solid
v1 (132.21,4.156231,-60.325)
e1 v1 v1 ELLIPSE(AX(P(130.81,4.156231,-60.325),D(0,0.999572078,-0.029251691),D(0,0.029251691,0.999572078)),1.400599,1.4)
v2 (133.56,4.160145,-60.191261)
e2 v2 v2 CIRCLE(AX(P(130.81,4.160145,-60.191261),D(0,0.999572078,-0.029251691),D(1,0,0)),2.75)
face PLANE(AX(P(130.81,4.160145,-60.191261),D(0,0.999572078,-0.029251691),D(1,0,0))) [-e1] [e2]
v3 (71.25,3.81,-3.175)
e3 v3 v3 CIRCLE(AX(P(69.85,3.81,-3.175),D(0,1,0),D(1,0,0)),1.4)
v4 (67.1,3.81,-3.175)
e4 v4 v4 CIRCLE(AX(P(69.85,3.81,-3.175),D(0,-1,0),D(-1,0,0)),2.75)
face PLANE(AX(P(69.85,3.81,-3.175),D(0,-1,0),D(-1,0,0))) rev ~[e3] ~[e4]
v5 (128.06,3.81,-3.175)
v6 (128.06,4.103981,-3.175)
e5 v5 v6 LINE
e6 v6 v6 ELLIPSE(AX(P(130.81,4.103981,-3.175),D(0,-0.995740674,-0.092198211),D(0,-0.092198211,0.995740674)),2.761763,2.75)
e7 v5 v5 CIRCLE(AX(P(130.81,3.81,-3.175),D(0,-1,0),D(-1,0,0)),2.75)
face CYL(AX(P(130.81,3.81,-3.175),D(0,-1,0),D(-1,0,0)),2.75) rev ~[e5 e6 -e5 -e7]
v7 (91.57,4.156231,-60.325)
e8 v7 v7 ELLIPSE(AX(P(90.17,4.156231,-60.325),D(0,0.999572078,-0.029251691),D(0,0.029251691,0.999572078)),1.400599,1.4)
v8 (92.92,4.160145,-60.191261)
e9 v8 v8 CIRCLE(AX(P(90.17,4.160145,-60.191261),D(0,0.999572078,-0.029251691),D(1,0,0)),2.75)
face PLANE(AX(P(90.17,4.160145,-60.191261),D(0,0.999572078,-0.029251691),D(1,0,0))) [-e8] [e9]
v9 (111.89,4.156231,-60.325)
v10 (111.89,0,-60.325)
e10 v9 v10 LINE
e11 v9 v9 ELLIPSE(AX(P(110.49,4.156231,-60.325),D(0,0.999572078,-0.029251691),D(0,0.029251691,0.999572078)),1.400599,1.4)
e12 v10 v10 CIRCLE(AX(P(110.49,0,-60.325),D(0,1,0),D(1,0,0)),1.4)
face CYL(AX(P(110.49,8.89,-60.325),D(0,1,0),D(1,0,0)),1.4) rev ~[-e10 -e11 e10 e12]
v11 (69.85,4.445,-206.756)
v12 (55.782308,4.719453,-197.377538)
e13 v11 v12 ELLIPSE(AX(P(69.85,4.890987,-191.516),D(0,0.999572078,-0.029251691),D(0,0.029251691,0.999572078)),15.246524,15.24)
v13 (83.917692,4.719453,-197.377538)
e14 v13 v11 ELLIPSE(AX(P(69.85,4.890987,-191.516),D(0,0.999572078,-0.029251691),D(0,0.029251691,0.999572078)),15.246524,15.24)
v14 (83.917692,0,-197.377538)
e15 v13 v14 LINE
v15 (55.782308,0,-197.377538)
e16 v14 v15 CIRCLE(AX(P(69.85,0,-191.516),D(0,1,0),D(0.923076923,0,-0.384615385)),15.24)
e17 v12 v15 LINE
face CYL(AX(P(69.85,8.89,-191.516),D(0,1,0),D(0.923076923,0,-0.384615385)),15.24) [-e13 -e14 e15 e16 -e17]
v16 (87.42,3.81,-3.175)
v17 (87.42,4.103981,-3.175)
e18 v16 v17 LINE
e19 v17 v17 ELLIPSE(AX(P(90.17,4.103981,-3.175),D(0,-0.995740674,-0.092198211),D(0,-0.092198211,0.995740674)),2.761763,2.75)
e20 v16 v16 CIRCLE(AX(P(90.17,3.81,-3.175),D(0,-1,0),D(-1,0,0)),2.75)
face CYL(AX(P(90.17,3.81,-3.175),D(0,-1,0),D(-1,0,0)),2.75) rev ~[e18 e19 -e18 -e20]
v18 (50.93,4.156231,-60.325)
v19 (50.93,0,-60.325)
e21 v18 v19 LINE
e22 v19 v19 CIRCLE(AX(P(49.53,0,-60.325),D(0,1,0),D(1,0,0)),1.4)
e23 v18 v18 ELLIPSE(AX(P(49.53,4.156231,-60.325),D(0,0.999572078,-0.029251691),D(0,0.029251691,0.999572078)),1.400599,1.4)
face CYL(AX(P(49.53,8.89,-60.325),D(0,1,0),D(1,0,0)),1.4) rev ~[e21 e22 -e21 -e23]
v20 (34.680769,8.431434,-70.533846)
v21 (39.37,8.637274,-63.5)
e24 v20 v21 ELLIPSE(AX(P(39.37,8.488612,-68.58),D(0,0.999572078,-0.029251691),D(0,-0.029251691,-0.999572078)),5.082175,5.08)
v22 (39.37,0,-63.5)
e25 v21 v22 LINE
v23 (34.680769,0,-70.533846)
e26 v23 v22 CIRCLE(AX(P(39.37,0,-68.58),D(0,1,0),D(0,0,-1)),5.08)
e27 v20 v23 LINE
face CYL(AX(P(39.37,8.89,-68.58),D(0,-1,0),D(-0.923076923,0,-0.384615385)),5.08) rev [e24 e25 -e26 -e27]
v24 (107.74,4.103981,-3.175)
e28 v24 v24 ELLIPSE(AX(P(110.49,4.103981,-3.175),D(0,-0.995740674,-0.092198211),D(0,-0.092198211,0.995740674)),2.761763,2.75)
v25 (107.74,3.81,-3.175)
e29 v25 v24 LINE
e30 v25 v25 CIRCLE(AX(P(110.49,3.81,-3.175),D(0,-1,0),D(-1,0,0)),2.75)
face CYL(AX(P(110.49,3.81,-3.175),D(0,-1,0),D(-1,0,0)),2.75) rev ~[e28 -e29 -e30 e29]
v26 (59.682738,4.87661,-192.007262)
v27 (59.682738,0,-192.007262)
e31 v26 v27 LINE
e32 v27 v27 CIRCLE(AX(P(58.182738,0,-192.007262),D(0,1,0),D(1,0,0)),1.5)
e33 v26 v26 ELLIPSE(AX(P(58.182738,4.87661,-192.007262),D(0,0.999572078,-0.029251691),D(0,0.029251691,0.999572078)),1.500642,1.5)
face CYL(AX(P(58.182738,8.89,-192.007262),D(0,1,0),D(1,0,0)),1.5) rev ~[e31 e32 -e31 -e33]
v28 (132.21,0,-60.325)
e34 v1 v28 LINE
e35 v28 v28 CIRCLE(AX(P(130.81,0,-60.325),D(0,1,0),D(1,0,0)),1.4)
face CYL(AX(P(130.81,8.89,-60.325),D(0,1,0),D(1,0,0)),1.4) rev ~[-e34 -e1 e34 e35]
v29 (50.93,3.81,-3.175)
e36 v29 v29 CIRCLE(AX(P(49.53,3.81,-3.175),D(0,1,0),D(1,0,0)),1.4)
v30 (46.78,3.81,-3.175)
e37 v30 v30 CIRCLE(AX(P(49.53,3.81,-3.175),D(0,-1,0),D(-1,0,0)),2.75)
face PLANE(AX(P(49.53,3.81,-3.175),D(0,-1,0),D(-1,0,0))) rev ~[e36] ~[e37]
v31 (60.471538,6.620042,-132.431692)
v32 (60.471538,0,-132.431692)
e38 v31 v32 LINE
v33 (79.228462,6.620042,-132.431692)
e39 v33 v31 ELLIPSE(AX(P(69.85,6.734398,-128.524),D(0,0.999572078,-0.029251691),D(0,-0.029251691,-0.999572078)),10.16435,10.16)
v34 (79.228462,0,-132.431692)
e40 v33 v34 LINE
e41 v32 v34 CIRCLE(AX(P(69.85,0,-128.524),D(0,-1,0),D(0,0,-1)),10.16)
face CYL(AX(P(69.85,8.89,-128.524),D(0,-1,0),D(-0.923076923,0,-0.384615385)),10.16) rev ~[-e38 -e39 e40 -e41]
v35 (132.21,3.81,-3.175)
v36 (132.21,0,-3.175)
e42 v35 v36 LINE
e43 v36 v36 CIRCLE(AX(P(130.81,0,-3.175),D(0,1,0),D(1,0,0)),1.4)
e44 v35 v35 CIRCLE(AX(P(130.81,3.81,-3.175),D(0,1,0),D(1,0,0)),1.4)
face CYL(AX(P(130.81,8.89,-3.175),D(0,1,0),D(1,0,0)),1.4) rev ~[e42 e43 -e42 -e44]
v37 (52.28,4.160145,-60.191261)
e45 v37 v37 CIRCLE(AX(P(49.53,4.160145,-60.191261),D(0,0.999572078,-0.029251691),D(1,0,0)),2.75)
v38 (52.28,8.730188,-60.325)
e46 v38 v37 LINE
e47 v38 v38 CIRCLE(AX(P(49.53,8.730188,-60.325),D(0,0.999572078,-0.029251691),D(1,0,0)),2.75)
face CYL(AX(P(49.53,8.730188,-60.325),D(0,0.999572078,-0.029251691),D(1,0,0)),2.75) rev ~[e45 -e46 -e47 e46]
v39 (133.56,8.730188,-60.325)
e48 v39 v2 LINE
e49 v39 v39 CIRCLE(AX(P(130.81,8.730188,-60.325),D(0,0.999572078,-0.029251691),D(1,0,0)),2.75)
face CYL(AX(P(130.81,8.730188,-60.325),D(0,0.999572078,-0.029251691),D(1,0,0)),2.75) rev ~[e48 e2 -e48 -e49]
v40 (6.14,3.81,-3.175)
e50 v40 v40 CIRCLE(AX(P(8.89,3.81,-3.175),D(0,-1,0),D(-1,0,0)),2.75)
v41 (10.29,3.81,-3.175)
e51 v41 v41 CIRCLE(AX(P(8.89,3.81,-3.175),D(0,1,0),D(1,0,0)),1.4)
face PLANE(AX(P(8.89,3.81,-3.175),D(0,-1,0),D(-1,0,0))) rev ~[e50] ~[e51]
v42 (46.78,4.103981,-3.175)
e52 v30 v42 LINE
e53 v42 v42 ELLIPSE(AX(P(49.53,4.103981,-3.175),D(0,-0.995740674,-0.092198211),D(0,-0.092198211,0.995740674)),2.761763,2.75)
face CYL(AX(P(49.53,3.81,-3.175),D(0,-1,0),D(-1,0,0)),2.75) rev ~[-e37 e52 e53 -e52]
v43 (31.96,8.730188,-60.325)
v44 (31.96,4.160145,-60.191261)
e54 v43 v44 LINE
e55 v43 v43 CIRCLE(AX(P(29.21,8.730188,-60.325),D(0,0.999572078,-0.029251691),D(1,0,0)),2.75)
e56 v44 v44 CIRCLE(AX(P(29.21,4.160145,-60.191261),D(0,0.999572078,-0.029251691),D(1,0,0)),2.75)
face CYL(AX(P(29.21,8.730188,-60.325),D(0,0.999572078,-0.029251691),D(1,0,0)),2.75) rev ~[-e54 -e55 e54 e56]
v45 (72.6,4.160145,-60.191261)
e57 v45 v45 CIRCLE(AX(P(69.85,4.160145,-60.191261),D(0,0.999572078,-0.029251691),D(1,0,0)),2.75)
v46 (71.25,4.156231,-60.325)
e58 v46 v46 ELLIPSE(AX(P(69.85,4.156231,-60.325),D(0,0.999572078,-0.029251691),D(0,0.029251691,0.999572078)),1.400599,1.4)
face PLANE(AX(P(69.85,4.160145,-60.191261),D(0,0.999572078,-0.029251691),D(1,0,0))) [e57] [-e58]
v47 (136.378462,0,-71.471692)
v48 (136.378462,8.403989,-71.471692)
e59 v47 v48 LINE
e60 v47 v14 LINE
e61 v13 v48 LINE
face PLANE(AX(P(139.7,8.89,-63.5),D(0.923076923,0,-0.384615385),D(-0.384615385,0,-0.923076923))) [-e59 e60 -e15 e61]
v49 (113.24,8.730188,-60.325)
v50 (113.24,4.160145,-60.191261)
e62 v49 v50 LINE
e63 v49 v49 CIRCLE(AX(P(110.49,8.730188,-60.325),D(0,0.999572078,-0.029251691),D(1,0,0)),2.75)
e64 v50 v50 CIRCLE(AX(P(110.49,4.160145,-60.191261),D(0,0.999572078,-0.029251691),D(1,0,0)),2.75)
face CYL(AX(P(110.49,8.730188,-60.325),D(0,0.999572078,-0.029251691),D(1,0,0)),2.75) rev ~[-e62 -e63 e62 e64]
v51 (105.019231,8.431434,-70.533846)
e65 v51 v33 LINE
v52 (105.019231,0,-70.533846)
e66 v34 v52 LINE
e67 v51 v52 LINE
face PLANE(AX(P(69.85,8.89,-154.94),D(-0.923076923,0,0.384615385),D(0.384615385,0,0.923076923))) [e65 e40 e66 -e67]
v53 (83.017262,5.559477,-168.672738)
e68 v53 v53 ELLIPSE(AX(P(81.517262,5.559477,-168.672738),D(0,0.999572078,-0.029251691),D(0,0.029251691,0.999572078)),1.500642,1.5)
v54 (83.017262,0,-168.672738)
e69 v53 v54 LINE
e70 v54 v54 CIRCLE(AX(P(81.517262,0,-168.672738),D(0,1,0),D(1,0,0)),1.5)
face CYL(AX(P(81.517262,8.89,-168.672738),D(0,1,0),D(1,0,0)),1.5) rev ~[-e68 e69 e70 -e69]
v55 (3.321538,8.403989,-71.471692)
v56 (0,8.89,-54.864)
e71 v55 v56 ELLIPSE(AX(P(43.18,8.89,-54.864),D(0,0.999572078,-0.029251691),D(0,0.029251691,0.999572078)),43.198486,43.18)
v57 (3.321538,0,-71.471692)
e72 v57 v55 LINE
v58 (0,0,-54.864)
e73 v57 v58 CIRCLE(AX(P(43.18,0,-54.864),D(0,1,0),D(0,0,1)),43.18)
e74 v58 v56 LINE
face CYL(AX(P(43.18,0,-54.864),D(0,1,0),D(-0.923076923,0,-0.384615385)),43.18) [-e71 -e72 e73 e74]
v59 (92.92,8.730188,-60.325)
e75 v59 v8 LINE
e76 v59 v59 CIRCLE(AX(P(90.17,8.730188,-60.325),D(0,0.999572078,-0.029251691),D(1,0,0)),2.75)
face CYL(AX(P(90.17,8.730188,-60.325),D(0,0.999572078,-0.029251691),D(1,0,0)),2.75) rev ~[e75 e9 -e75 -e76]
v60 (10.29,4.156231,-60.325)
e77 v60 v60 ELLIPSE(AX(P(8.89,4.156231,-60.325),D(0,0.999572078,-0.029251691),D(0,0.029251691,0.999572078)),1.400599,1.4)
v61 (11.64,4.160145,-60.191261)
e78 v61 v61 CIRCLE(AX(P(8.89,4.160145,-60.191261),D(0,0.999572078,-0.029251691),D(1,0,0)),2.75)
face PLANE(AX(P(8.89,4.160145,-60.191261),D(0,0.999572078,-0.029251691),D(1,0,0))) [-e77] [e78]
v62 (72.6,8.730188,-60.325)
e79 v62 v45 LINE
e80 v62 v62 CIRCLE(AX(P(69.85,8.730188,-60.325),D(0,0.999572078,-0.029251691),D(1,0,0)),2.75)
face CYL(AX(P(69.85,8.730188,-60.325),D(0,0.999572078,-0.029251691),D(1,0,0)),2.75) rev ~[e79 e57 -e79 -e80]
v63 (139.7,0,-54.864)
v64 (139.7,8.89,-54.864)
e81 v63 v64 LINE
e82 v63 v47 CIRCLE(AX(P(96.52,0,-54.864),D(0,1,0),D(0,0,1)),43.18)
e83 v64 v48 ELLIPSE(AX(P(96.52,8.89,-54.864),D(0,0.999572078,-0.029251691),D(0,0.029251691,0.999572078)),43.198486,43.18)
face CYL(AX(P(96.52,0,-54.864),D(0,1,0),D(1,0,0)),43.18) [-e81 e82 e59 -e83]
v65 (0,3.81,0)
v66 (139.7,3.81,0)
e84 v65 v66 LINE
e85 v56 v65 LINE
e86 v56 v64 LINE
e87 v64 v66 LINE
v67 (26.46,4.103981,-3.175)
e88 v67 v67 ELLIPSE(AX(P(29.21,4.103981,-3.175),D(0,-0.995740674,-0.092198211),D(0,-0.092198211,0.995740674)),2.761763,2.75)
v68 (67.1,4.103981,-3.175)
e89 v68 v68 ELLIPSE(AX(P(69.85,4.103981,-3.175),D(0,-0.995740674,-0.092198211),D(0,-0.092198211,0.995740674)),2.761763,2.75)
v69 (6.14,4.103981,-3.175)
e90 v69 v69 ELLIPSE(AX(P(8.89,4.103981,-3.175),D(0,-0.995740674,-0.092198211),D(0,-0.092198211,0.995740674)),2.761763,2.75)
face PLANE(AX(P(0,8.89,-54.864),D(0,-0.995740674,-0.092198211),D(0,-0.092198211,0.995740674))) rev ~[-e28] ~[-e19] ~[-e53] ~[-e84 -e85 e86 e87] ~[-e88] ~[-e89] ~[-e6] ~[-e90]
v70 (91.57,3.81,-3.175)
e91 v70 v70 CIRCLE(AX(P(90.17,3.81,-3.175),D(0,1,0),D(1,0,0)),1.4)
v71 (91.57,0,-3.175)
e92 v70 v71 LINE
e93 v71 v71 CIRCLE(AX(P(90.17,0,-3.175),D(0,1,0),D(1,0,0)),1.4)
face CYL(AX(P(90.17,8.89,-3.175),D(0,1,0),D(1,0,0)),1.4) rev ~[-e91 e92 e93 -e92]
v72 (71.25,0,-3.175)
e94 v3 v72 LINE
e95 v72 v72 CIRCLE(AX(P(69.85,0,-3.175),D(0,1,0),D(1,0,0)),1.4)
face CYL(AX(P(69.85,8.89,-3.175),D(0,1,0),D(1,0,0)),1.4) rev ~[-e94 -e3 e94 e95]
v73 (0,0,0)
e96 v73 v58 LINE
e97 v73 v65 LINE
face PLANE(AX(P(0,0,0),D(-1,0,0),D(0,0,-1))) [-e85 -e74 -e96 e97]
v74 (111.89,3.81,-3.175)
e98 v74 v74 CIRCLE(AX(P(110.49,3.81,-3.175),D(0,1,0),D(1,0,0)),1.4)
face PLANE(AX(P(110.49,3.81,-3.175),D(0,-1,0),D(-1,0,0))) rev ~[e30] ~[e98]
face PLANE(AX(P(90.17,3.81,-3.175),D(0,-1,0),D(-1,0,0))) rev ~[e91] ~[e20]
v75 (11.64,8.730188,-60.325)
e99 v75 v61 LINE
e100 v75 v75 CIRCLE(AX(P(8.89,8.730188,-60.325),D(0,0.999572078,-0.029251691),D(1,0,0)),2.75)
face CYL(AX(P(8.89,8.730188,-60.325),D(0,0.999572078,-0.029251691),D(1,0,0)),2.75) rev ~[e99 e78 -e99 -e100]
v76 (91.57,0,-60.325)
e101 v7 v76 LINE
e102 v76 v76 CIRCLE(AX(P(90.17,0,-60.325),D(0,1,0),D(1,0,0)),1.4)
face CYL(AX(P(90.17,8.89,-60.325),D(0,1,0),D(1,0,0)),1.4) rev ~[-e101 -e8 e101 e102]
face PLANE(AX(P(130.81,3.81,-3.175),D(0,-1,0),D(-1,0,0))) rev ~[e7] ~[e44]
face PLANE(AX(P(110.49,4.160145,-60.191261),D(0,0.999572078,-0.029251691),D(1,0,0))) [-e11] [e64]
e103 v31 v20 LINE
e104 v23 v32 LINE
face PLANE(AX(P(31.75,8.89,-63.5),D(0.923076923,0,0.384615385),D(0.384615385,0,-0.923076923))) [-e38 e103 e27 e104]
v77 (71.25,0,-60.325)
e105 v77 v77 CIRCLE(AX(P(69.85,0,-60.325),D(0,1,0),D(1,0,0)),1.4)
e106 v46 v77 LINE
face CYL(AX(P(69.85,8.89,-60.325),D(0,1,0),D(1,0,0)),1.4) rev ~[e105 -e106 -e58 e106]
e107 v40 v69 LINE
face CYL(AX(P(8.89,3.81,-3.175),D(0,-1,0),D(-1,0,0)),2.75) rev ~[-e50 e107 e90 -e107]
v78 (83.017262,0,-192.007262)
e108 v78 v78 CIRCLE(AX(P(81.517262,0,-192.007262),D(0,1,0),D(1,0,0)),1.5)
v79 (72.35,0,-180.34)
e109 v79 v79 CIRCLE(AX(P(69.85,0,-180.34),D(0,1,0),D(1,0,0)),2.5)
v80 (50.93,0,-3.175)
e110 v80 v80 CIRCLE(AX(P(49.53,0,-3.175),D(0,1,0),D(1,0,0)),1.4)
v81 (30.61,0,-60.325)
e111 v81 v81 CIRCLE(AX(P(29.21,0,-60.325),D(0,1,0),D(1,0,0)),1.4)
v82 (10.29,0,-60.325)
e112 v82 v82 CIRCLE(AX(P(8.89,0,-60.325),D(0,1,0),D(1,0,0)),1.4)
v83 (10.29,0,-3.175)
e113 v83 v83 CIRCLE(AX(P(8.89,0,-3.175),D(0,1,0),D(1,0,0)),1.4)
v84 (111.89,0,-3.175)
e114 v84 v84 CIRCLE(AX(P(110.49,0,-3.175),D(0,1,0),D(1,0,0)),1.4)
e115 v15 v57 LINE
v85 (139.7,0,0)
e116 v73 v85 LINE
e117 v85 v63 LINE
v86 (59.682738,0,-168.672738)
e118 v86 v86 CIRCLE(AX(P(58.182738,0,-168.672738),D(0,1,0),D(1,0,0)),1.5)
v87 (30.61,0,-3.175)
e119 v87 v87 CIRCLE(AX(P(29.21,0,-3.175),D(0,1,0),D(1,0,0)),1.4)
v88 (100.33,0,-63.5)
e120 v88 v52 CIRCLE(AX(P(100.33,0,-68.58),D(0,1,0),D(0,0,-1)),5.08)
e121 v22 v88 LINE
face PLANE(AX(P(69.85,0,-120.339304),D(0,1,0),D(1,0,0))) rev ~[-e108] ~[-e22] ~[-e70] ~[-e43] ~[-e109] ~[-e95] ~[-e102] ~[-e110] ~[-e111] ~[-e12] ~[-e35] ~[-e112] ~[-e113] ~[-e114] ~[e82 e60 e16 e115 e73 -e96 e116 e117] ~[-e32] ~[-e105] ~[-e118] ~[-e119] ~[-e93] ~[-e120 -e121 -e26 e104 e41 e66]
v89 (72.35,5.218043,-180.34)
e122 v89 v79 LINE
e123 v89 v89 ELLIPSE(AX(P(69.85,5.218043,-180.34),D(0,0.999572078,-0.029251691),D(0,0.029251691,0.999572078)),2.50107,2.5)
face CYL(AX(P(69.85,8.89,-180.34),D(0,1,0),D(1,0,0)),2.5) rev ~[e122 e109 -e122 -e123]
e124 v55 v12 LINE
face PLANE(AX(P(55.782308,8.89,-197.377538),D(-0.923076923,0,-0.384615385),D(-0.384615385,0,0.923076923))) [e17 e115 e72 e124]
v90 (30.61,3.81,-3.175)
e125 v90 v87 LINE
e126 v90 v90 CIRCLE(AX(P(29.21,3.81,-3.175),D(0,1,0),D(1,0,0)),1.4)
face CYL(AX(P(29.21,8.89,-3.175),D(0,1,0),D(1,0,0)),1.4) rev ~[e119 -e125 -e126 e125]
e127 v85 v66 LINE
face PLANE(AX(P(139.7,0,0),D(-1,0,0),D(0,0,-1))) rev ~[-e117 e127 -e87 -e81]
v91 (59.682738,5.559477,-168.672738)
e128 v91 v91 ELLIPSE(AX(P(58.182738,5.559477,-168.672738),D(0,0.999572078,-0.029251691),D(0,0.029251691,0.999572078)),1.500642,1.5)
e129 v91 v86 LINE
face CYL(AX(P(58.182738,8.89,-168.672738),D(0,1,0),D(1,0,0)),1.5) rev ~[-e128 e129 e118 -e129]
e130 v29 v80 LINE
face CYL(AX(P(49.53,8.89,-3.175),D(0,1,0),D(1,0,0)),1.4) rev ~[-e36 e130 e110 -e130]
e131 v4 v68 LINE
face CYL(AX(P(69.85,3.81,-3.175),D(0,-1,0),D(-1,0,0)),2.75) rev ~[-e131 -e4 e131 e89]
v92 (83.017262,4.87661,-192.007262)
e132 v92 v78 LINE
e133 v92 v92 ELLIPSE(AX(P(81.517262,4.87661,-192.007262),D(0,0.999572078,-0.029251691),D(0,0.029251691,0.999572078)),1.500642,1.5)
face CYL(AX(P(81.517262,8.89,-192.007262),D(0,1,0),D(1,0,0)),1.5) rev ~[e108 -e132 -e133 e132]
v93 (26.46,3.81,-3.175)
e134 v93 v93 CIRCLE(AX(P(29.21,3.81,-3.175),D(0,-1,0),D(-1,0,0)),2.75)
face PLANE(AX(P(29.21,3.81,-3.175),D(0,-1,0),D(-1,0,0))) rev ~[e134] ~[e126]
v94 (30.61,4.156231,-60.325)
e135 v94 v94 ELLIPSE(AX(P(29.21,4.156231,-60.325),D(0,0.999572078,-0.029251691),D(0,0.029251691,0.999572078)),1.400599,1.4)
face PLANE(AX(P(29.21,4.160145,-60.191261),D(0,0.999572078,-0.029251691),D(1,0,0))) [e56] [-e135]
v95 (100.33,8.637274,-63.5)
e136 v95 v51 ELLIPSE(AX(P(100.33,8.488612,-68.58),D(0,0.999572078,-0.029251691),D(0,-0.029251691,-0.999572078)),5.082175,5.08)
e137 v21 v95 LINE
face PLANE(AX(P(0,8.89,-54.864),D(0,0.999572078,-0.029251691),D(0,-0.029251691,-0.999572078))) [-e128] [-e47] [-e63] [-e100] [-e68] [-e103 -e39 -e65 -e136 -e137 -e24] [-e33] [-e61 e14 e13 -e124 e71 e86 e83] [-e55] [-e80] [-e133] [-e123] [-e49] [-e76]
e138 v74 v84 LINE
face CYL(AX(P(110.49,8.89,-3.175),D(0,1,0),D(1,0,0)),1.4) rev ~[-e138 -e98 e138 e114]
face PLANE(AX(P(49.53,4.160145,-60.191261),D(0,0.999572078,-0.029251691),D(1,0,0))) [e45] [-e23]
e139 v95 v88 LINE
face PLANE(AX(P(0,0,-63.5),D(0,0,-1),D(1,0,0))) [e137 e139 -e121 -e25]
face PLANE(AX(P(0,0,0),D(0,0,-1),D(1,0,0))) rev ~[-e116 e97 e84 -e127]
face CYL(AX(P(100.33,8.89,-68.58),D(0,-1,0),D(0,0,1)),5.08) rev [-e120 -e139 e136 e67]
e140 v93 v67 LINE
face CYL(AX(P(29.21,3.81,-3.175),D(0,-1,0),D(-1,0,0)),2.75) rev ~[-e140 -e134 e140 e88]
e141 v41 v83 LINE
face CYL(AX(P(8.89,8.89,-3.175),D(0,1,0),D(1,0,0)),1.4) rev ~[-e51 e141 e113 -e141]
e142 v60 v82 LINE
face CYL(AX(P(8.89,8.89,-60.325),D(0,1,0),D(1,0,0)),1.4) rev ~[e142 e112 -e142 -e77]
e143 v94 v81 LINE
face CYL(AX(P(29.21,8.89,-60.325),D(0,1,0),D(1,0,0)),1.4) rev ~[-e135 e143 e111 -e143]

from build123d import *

# Parameters (mm, degrees)
SKETCH1_W           = 139.7
SKETCH1_H           = 63.5
BOSS_EXTRUDE1_DEPTH = 8.89
SKETCH2_R           = 1.4
CUT_EXTRUDE1_DEPTH  = 16.51
BOSS_EXTRUDE2_DEPTH = 8.89
FILLET1_R           = 10.16
FILLET2_R           = 5.08
FILLET3_R           = 43.18
SKETCH4_R           = 1.5
SKETCH4_R_2         = 2.5
CUT_EXTRUDE3_DEPTH  = 11.43
CUT_EXTRUDE6_DEPTH  = 198.882
SKETCH22_R          = 2.75
CUT_EXTRUDE8_DEPTH  = 4.572
SKETCH23_R          = 2.75
CUT_EXTRUDE9_DEPTH  = 4.572


with BuildPart() as part:
    # Sketch1 → Boss-Extrude1 (new body)
    with BuildSketch(Plane(origin=(0, 0, 0), x_dir=(1, 0, 0), z_dir=(0, 1, 0))):
        with Locations((69.85, 31.75)):
            Rectangle(SKETCH1_W, SKETCH1_H)
    extrude(amount=BOSS_EXTRUDE1_DEPTH)

    # Sketch2 → Cut-Extrude1 (cut)
    with BuildSketch(Plane(origin=(0, 8.89, 0), x_dir=(1, 0, 0), z_dir=(0, 1, 0))):
        with Locations((69.85, 60.325)):
            Circle(SKETCH2_R)
        with Locations((69.85, 3.175)):
            Circle(SKETCH2_R)
        with Locations((90.17, 3.175)):
            Circle(SKETCH2_R)
        with Locations((110.49, 3.175)):
            Circle(SKETCH2_R)
        with Locations((130.81, 3.175)):
            Circle(SKETCH2_R)
        with Locations((49.53, 3.175)):
            Circle(SKETCH2_R)
        with Locations((29.21, 3.175)):
            Circle(SKETCH2_R)
        with Locations((8.89, 3.175)):
            Circle(SKETCH2_R)
        with Locations((90.17, 60.325)):
            Circle(SKETCH2_R)
        with Locations((110.49, 60.325)):
            Circle(SKETCH2_R)
        with Locations((130.81, 60.325)):
            Circle(SKETCH2_R)
        with Locations((49.53, 60.325)):
            Circle(SKETCH2_R)
        with Locations((29.21, 60.325)):
            Circle(SKETCH2_R)
        with Locations((8.89, 60.325)):
            Circle(SKETCH2_R)
    extrude(amount=-CUT_EXTRUDE1_DEPTH, mode=Mode.SUBTRACT)


with BuildPart() as body_2:
    # Sketch3 → Boss-Extrude2 (new body)
    with BuildSketch(Plane(origin=(0, 8.89, 0), x_dir=(1, 0, 0), z_dir=(0, 1, 0))):
        with BuildLine():
            Line((31.75, 63.5), (69.85, 154.94))
            Line((69.85, 154.94), (107.95, 63.5))
            Line((107.95, 63.5), (139.7, 63.5))
            Line((139.7, 63.5), (83.917692308, 197.377538462))
            ThreePointArc((83.917692308, 197.377538462), (69.85, 206.756), (55.782307692, 197.377538462))
            Line((55.782307692, 197.377538462), (0, 63.5))
            Line((0, 63.5), (31.75, 63.5))
        make_face()
    extrude(amount=-BOSS_EXTRUDE2_DEPTH)

    # Fillet1
    fillet1_edges = [body_2.edges().sort_by_distance(p)[0] for p in [
        (69.85, 4.445, -154.94),
    ]]
    fillet(fillet1_edges, radius=FILLET1_R)


with BuildPart() as part_1:
    add(part.part)

    # Combine1: union body 2
    add(body_2.part)

    # Fillet2
    fillet2_edges = [part_1.edges().sort_by_distance(p)[0] for p in [
        (31.75, 4.445, -63.5),
        (107.95, 4.445, -63.5),
    ]]
    fillet(fillet2_edges, radius=FILLET2_R)

    # Fillet3
    fillet3_edges = [part_1.edges().sort_by_distance(p)[0] for p in [
        (0, 4.445, -63.5),
        (139.7, 4.445, -63.5),
    ]]
    fillet(fillet3_edges, radius=FILLET3_R)

    # Sketch4 → Cut-Extrude3 (cut)
    with BuildSketch(Plane(origin=(0, 8.89, 0), x_dir=(1, 0, 0), z_dir=(0, 1, 0))):
        with Locations((81.51726189, 192.00726189)):
            Circle(SKETCH4_R)
        with Locations((81.51726189, 168.67273811)):
            Circle(SKETCH4_R)
        with Locations((58.18273811, 192.00726189)):
            Circle(SKETCH4_R)
        with Locations((58.18273811, 168.67273811)):
            Circle(SKETCH4_R)
        with Locations((69.85, 180.34)):
            Circle(SKETCH4_R_2)
    extrude(amount=-CUT_EXTRUDE3_DEPTH, mode=Mode.SUBTRACT)

    # Sketch20 → Cut-Extrude6 (cut)
    with BuildSketch(Plane.ZY):
        Polygon((-54.864, 8.89), (0, 3.81), (0, 8.89), align=None)
        Polygon((-206.756, 4.445), (-54.864, 8.89), (-206.756, 8.89), align=None)
    extrude(amount=-CUT_EXTRUDE6_DEPTH, mode=Mode.SUBTRACT)

    # Sketch22 → Cut-Extrude8 (cut)
    with BuildSketch(Plane(origin=(0, 10.4865712, -0.306881264), x_dir=(1, 0, 0), z_dir=(0, 0.99957207772113, -0.029251691237658497))):
        with Locations((130.81, 60.043812821)):
            Circle(SKETCH22_R)
        with Locations((110.49, 60.043812821)):
            Circle(SKETCH22_R)
        with Locations((90.17, 60.043812821)):
            Circle(SKETCH22_R)
        with Locations((69.85, 60.043812821)):
            Circle(SKETCH22_R)
        with Locations((49.53, 60.043812821)):
            Circle(SKETCH22_R)
        with Locations((29.21, 60.043812821)):
            Circle(SKETCH22_R)
        with Locations((8.89, 60.043812821)):
            Circle(SKETCH22_R)
    extrude(amount=-CUT_EXTRUDE8_DEPTH, mode=Mode.SUBTRACT)

    # Sketch23 → Cut-Extrude9 (cut)
    with BuildSketch(Plane(origin=(0, 3.81, 0), x_dir=(-1, 0, 0), z_dir=(0, -1, 0))):
        with Locations((-8.89, 3.175)):
            Circle(SKETCH23_R)
        with Locations((-29.21, 3.175)):
            Circle(SKETCH23_R)
        with Locations((-49.53, 3.175)):
            Circle(SKETCH23_R)
        with Locations((-69.85, 3.175)):
            Circle(SKETCH23_R)
        with Locations((-90.17, 3.175)):
            Circle(SKETCH23_R)
        with Locations((-110.49, 3.175)):
            Circle(SKETCH23_R)
        with Locations((-130.81, 3.175)):
            Circle(SKETCH23_R)
    extrude(amount=-CUT_EXTRUDE9_DEPTH, mode=Mode.SUBTRACT)


solid = part_1.part
